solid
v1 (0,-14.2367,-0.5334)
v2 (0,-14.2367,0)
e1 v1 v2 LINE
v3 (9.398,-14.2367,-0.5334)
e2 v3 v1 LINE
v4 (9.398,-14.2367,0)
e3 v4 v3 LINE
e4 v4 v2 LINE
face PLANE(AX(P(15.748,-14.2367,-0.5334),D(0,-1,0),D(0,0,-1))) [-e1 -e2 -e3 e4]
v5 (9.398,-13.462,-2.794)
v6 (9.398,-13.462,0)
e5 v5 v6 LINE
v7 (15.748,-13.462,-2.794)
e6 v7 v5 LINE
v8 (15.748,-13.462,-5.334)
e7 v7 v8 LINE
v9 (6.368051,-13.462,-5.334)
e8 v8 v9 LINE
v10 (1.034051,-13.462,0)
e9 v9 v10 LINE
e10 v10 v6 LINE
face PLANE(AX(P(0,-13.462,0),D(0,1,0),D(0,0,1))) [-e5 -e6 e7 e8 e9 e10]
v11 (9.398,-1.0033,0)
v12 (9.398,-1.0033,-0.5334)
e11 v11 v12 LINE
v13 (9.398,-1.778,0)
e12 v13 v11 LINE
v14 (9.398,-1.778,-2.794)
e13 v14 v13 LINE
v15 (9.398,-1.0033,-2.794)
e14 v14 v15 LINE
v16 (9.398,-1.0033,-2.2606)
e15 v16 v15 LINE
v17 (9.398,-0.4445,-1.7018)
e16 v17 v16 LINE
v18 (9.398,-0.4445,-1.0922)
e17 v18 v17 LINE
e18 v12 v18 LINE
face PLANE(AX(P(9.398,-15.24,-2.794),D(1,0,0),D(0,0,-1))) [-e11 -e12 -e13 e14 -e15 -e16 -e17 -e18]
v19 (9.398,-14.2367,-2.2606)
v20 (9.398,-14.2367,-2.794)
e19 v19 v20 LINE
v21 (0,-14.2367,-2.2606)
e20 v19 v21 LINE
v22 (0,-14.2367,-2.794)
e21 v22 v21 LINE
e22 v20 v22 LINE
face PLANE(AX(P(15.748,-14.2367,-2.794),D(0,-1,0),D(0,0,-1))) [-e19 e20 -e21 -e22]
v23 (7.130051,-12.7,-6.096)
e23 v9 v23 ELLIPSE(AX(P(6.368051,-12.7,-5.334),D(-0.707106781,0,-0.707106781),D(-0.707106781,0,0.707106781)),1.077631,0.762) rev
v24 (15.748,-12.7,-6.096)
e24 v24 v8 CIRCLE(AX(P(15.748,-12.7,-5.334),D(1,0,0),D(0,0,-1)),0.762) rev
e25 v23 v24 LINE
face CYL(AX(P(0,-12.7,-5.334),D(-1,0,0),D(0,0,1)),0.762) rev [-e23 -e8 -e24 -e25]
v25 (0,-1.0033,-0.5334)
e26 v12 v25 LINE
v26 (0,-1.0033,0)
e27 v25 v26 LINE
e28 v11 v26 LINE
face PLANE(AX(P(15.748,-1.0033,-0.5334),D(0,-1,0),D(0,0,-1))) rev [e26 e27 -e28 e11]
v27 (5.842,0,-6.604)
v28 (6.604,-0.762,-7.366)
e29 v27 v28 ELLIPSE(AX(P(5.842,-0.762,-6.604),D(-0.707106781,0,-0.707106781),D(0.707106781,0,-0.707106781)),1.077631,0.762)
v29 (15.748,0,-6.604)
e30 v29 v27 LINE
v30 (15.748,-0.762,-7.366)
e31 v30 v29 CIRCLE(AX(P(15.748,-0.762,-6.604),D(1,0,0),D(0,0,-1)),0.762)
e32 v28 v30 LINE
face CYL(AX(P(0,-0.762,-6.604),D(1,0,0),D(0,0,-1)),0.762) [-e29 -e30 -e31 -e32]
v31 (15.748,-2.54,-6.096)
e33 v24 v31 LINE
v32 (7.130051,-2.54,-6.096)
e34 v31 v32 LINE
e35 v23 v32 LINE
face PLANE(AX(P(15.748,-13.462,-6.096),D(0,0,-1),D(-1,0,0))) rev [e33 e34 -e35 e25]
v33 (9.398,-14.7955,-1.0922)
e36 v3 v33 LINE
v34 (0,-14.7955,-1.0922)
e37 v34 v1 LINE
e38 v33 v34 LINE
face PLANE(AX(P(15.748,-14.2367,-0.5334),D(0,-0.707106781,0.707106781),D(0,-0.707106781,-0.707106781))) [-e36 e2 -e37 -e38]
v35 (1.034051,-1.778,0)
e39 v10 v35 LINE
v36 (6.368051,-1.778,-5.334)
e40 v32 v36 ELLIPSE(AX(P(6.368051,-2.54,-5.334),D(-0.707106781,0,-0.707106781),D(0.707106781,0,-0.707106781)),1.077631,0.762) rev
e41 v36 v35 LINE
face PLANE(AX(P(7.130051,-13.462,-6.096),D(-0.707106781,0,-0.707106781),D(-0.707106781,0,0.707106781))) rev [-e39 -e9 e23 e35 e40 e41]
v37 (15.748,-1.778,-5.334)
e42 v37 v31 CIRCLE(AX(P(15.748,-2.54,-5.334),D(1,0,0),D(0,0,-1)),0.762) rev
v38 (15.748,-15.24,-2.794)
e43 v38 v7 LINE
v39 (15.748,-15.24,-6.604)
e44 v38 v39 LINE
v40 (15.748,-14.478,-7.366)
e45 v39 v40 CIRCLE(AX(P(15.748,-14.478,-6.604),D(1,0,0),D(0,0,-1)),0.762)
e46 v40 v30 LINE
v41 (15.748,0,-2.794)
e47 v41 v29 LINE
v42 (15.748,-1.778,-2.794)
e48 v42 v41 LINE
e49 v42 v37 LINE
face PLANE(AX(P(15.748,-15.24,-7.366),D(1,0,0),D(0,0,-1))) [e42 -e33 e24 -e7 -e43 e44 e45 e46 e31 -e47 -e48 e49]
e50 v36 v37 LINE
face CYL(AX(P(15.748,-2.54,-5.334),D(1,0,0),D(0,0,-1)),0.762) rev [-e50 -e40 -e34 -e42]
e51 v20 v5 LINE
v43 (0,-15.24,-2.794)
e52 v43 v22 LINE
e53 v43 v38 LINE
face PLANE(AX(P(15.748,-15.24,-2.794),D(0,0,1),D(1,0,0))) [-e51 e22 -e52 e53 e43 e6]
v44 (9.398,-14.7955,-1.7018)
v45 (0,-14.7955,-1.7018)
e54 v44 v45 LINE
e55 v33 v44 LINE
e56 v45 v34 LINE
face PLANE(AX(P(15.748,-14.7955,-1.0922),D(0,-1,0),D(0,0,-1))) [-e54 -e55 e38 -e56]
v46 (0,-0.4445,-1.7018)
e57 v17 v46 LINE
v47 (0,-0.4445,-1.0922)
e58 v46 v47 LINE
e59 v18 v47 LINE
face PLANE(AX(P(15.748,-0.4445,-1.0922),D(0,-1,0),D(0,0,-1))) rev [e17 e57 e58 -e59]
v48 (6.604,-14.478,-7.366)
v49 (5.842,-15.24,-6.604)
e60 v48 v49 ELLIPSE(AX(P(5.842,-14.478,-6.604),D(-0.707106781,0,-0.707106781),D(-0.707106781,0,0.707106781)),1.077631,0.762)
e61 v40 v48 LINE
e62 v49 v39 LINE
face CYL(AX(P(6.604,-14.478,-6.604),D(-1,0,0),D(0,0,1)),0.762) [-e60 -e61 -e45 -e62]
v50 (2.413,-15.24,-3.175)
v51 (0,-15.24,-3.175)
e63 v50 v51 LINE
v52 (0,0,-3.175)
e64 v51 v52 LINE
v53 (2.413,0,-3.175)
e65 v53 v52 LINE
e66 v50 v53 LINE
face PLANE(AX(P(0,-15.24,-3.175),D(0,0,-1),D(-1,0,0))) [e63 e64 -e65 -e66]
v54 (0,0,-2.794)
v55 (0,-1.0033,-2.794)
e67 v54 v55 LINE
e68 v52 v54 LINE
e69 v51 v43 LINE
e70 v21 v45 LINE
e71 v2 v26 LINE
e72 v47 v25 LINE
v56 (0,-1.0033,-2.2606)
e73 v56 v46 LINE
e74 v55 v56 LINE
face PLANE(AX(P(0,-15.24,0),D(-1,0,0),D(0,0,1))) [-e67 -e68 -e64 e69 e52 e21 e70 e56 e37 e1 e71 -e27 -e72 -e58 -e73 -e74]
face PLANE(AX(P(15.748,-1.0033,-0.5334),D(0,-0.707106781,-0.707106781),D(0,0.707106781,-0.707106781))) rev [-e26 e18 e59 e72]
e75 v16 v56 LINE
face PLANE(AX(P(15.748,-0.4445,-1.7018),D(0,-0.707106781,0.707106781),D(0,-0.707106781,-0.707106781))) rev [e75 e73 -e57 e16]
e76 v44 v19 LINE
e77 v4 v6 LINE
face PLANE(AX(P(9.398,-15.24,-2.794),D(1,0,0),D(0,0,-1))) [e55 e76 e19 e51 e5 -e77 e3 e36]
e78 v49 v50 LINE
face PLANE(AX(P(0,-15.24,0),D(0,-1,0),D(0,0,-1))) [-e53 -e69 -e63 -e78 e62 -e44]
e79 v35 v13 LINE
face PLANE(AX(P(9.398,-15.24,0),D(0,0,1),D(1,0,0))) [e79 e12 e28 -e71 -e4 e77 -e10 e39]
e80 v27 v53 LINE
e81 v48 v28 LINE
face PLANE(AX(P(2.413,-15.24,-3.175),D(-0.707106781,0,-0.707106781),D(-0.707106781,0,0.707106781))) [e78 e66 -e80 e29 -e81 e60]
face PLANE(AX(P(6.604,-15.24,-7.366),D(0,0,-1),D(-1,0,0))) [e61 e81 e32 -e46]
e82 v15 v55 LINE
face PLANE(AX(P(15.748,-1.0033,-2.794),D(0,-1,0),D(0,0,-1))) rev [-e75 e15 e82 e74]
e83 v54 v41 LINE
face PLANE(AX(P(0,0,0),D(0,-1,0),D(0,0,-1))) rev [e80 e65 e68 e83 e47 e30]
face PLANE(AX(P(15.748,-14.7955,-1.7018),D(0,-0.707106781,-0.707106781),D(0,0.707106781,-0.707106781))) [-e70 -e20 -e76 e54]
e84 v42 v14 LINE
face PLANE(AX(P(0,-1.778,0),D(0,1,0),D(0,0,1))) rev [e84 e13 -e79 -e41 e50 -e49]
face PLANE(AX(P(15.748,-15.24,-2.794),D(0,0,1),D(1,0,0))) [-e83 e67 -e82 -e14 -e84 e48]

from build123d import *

# Parameters (mm, degrees)
BOSS_EXTRUDE1_DEPTH = 15.24
CUT_EXTRUDE1_DEPTH  = 16.748
CUT_EXTRUDE2_DEPTH  = 5.842
FILLET1_R           = 0.762


with BuildPart() as part:
    # Sketch1 → Boss-Extrude1 (new body)
    with BuildSketch(Plane(origin=(0, 0, 0), x_dir=(1, 0, 0), z_dir=(0, 1, 0))):
        Polygon((0, 0), (0, 3.175), (2.413, 3.175), (6.604, 7.366), (15.748, 7.366), (15.748, 2.794), (9.398, 2.794), (9.398, 0), align=None)
    extrude(amount=-BOSS_EXTRUDE1_DEPTH)

    # Sketch5 → Cut-Extrude1 (cut, through all)
    with BuildSketch(Plane.ZY):
        Polygon((0, -1.0033), (0, 0), (-2.794, 0), (-2.794, -1.0033), (-2.2606, -1.0033), (-1.7018, -0.4445), (-1.0922, -0.4445), (-0.5334, -1.0033), align=None)
    cut_extrude1 = extrude(amount=-CUT_EXTRUDE1_DEPTH, mode=Mode.SUBTRACT)

    # Mirror1: Cut-Extrude1 across plane
    add(cut_extrude1.mirror(Plane.ZX.offset(-7.62)), mode=Mode.SUBTRACT)

    # Sketch6 → Cut-Extrude2 (cut, symmetric)
    with BuildSketch(Plane(origin=(0, -7.62, 0), x_dir=(1, 0, 0), z_dir=(0, 1, 0))):
        Polygon((15.748, 6.096), (7.130051224, 6.096), (1.034051224, 0), (15.748, 0), align=None)
    extrude(amount=CUT_EXTRUDE2_DEPTH, both=True, mode=Mode.SUBTRACT)

    # Fillet1
    fillet1_edges = [part.edges().sort_by_distance(p)[0] for p in [
        (11.439025612, -13.462, -6.096),
        (11.439025612, -1.778, -6.096),
        (11.176, -15.24, -7.366),
        (11.176, 0, -7.366),
    ]]
    fillet(fillet1_edges, radius=FILLET1_R)


solid = part.part
